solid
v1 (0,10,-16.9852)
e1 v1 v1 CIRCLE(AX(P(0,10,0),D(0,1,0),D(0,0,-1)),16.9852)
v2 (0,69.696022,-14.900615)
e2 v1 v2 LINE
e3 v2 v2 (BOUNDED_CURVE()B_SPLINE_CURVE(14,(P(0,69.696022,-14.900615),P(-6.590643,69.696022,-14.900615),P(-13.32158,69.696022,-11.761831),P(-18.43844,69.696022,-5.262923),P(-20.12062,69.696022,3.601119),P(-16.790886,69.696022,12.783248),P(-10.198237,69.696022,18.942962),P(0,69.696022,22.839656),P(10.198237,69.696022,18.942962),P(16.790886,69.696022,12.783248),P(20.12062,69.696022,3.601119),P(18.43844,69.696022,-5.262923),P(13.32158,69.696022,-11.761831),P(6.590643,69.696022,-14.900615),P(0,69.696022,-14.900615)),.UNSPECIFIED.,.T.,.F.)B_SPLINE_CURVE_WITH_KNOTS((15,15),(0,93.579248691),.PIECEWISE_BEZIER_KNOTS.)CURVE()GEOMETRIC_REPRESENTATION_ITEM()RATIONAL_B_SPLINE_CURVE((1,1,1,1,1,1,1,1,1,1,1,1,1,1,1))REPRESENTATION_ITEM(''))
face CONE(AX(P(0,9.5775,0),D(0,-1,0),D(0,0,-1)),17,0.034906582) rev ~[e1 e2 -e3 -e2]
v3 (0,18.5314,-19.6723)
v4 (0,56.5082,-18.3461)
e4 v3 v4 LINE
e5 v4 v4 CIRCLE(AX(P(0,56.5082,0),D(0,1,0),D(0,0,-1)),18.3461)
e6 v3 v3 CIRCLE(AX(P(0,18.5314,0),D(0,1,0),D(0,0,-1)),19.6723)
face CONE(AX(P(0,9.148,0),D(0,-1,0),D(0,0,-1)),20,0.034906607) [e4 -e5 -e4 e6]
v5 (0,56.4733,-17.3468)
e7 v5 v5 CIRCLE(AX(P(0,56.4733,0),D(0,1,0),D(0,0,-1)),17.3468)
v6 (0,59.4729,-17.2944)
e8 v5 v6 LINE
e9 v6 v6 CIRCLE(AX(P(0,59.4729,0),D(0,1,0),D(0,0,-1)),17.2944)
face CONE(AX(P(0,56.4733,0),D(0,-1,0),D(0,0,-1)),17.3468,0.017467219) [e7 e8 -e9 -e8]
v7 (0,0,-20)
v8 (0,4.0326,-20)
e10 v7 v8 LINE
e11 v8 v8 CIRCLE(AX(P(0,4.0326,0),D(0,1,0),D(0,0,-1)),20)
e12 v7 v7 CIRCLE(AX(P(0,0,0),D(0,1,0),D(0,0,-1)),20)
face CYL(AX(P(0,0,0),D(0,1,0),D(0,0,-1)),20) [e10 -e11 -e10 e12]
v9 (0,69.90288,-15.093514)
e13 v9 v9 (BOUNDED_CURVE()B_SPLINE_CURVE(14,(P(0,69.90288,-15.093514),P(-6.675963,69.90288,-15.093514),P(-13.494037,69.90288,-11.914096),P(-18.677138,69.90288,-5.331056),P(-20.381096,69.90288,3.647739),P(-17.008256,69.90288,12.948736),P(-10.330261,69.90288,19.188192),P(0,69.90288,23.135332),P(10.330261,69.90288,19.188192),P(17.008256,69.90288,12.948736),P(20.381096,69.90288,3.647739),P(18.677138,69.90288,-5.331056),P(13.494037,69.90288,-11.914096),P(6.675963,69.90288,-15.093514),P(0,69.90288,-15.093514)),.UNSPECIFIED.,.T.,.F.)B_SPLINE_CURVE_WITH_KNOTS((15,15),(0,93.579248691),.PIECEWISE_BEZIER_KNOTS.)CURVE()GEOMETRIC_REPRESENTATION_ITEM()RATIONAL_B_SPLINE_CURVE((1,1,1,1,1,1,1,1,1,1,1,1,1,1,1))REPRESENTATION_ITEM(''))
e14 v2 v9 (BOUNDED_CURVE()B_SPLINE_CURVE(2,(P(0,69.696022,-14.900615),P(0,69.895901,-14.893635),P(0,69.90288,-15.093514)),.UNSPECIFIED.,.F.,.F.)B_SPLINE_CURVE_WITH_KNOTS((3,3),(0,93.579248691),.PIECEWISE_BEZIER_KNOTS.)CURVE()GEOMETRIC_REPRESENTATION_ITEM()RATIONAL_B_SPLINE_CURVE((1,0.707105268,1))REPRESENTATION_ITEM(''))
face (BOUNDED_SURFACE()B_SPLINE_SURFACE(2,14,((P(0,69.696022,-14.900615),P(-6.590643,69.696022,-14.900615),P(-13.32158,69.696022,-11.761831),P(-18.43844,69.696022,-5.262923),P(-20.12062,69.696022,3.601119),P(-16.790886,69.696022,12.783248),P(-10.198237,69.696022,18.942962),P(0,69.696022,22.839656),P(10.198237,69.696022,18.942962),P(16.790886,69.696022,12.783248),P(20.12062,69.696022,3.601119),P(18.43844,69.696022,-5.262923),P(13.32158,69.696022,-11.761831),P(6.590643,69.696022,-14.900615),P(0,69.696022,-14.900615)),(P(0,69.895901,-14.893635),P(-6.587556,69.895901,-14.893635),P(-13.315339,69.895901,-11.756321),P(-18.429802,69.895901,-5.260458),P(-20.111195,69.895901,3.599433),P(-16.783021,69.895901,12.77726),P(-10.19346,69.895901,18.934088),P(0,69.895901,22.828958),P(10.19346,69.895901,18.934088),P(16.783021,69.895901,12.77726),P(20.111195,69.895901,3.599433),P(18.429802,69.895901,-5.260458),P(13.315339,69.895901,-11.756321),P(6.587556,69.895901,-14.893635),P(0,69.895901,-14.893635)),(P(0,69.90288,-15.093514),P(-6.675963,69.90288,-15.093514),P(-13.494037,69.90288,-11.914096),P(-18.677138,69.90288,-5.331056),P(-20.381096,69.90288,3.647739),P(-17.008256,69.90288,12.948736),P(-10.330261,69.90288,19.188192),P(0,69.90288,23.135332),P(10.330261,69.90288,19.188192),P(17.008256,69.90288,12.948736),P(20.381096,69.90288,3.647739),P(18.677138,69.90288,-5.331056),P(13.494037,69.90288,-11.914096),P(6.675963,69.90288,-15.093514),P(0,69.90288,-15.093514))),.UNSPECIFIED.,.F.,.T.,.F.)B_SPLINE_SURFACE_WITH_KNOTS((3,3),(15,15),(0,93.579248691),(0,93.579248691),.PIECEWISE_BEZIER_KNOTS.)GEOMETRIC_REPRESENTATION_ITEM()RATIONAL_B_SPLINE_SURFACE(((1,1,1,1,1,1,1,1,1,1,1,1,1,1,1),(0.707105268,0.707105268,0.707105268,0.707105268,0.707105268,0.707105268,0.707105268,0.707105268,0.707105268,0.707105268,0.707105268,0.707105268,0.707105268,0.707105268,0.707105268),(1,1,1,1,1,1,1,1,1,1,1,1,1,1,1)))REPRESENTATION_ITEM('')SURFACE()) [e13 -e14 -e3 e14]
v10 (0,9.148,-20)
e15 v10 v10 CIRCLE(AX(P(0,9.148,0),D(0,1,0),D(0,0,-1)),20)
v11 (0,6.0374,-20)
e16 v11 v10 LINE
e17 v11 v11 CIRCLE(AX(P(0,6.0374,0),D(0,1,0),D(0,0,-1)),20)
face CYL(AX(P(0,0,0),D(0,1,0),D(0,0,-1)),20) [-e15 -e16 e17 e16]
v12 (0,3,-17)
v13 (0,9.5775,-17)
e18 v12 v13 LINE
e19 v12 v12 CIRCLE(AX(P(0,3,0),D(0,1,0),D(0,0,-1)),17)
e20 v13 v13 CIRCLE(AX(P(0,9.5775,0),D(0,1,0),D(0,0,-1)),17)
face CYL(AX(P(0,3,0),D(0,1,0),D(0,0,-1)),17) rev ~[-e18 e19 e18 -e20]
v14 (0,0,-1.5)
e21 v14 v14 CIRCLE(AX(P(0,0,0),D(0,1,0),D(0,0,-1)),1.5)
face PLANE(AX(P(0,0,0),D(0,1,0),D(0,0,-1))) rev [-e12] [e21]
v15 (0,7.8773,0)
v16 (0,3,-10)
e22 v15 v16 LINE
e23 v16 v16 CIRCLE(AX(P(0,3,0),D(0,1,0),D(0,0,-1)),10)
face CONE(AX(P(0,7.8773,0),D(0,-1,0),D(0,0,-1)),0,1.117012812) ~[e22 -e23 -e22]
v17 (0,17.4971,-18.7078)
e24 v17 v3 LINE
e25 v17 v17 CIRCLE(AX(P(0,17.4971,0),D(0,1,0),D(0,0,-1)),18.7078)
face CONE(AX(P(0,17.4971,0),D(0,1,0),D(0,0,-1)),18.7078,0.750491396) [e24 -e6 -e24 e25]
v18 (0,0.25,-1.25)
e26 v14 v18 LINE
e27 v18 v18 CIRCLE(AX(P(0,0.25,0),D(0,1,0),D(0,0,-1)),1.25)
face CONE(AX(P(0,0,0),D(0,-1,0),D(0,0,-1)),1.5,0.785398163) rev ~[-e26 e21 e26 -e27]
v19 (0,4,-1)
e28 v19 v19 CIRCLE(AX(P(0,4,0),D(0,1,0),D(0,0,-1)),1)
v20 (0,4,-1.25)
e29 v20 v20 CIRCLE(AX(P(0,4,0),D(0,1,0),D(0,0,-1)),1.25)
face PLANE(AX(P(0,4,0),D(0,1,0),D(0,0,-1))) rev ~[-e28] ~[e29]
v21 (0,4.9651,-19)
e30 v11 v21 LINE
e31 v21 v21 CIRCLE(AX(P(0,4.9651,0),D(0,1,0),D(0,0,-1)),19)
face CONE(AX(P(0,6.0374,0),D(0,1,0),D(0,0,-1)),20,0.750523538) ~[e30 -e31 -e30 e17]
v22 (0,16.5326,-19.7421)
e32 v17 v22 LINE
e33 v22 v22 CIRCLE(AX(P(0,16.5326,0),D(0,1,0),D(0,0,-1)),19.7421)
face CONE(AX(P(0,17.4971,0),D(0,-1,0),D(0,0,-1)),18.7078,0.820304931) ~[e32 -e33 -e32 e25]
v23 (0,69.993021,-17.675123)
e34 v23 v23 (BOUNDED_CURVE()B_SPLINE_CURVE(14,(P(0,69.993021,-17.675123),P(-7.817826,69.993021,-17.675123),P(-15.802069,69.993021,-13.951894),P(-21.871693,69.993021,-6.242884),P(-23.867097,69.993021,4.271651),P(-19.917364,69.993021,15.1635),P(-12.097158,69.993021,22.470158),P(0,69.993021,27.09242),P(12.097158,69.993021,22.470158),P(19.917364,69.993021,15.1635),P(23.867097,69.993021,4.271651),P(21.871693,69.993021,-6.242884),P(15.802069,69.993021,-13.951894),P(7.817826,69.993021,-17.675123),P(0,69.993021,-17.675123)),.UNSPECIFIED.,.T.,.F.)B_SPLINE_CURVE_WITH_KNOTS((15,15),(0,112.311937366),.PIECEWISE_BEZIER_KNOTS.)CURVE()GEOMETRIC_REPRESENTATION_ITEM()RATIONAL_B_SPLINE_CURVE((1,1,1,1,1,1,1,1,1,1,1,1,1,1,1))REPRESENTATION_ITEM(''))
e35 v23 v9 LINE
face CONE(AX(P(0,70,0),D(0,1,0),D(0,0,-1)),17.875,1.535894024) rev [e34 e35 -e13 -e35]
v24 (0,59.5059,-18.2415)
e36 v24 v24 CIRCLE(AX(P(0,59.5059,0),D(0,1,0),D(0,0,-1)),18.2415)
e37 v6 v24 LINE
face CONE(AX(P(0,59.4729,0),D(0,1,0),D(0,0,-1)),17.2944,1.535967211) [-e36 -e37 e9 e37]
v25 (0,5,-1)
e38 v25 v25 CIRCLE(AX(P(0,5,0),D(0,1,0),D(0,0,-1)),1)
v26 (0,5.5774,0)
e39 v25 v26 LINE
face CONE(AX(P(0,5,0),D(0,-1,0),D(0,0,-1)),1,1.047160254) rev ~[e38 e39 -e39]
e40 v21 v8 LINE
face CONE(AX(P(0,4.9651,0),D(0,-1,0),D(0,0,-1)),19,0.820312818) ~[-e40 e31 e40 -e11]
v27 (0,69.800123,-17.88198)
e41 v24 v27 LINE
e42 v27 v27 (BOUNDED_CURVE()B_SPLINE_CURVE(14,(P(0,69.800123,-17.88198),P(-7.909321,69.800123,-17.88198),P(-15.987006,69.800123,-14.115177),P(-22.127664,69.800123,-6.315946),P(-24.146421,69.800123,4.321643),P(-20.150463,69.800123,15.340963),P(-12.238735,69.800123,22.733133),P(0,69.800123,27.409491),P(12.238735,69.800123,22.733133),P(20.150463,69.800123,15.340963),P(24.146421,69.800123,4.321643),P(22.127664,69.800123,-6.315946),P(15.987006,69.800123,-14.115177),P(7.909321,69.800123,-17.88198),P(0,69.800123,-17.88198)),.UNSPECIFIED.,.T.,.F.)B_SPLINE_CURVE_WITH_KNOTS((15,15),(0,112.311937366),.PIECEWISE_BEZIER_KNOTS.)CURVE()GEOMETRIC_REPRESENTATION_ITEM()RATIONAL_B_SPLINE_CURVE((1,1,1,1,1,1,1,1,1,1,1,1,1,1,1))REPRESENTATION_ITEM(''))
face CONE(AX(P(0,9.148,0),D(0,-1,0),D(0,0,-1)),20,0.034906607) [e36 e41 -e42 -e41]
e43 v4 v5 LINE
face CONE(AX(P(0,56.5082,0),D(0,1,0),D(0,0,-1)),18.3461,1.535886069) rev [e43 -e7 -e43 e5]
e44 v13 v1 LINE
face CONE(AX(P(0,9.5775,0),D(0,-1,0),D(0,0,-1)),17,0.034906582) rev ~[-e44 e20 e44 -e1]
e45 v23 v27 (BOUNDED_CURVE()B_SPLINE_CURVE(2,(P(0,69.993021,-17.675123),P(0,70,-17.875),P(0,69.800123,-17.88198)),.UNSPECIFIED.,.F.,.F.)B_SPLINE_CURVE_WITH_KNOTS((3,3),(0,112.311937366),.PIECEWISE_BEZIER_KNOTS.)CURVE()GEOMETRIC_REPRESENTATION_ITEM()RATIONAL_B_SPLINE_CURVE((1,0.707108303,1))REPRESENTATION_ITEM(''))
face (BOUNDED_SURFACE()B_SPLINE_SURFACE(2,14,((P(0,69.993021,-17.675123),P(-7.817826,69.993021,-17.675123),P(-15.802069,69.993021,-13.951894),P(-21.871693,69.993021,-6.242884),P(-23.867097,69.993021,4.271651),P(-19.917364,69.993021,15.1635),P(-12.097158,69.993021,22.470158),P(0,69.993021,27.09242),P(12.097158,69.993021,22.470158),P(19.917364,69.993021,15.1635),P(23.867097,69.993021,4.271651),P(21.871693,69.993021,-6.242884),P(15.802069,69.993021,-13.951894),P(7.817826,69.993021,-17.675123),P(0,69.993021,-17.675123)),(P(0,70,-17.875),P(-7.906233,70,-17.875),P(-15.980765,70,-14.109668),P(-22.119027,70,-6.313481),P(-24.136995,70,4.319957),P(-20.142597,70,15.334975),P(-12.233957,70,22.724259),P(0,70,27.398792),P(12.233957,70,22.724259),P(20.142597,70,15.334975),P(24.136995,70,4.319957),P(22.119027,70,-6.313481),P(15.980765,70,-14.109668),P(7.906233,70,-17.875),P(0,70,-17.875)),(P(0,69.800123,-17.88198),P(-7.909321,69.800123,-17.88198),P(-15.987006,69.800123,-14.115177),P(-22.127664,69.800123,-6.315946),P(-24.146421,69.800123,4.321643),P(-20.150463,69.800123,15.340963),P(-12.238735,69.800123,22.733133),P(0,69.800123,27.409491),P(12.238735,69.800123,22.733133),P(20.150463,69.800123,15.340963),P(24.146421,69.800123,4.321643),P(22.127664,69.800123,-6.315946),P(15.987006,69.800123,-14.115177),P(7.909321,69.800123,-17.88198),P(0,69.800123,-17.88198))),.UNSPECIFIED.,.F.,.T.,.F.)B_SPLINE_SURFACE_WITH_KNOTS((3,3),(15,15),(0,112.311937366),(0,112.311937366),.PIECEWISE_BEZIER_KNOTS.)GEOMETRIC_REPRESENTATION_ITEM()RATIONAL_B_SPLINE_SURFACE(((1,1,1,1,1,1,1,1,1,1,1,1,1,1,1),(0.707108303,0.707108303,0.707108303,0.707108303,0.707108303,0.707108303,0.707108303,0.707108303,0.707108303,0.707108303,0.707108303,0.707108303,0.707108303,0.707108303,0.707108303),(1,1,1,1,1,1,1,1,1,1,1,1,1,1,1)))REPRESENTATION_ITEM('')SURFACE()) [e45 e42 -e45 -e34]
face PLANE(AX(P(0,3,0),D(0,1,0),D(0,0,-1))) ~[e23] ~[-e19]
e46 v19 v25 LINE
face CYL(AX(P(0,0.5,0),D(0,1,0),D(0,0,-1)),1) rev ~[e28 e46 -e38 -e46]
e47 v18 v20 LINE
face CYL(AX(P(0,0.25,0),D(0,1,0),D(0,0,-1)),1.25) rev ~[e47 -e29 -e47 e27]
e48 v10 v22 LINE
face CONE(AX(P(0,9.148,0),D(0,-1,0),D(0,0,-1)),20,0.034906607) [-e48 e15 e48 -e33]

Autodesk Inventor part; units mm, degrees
ref_plane "YZ Plane" through (0, 0, 0) normal (1, 0, 0) x (0, 1, 0)
ref_plane "XZ Plane" through (0, 0, 0) normal (0, 1, 0) x (-1, 0, 0)
ref_plane "XY Plane" through (0, 0, 0) normal (0, 0, 1) x (1, 0, 0)
sketch "Sketch1" plane through (0, 0, 0) normal (1, 0, 0) x (0, 1, 0)
  line L0 (-20, 0) -> (70, 0)
  line L1 (0, 0) -> (0, -20)
  line L2 (0, -20) -> (9.148, -20)
  line L3 (9.148, -20) -> (70, -17.875)
  line L4 (70, 0) -> (70, -17.875)
  line L5 (3, -10) -> (3, -17)
  line L6 (7.8773, 0) -> (3, -10)
  line L7 (7.8773, 0) -> (19.0033, 0) construction
  line L8 (10, 0) -> (10, -16.9852)
  line L9 (9.5775, -17) -> (70, -14.89)
  line L10 (3, -17) -> (9.5775, -17)
  line L11 (70, -17.875) -> (69.8959, -14.8936)
  line L12 (6.0374, -20) -> (4.9651, -19)
  line L13 (4.9651, -19) -> (4.0326, -20)
  line L14 (4.9651, -19) -> (5, -20)
  line L15 (17.532, -19.7072) -> (17.4971, -18.7078)
  line L16 (17.4971, -18.7078) -> (18.5314, -19.6723)
  line L17 (17.4971, -18.7078) -> (16.5326, -19.7421)
  line L18 (59.5059, -18.2415) -> (56.5082, -18.3461)
  line L19 (56.5082, -18.3461) -> (56.4733, -17.3468)
  line L20 (56.4733, -17.3468) -> (59.4729, -17.2944)
  line L21 (59.4729, -17.2944) -> (59.5059, -18.2415)
  line L22 (0.5, 0) -> (0.5, -1)
  line L23 (0, -1.5) -> (0.5, -1)
  line L24 (0.5, -1) -> (5, -1)
  line L25 (5, -1) -> (5.5774, 0)
  line L26 (0.25, -1.25) -> (4, -1.25)
  line L27 (4, -1.25) -> (4, 0)
  point P0 (4, -1)
  dimension "d0" = 90
  dimension "d1" = 20
  dimension "d4" = 70
  dimension "d5" = 3
  dimension "d6" = 116
  dimension "d8" = 10
  dimension "d10" = 7
  dimension "d14" = 17.875
  dimension "d15" = 14.89
  dimension "d16" = 88
  dimension "d17" = 88
  dimension "d18" = 90
  dimension "d22" = 5
  dimension "d23" = 1
  dimension "d24" = 1
  dimension "d25" = 52.5
  dimension "d26" = 3
  dimension "d27" = 1
  dimension "d28" = 13.5
  dimension "d29" = 0.5
  dimension "d33" = 4.5
  dimension "d34" = 60
  dimension "d35" = 1.25
  dimension "d36" = 4
revolve "Revolution1" add sketch "Sketch1" angle 360 about axis through (0, -20, 0) along (0, 1, 0) contours L23 L26 L27 L24 L25 L0 L6 L5 L10 L9 L11 L3 L21 L20 L19 L16 L17 L2 L12 L13 L1
fillet "Fillet1" radius 0.2 2 edges at (0, 70, 17.875) (0, 69.8959, 14.8936)
thread "Thread2" size "M2.5x0.45" class "6H" standard "ANSI Metric M Profile" length 3.5
properties material "Aluminum 2014-T6"
